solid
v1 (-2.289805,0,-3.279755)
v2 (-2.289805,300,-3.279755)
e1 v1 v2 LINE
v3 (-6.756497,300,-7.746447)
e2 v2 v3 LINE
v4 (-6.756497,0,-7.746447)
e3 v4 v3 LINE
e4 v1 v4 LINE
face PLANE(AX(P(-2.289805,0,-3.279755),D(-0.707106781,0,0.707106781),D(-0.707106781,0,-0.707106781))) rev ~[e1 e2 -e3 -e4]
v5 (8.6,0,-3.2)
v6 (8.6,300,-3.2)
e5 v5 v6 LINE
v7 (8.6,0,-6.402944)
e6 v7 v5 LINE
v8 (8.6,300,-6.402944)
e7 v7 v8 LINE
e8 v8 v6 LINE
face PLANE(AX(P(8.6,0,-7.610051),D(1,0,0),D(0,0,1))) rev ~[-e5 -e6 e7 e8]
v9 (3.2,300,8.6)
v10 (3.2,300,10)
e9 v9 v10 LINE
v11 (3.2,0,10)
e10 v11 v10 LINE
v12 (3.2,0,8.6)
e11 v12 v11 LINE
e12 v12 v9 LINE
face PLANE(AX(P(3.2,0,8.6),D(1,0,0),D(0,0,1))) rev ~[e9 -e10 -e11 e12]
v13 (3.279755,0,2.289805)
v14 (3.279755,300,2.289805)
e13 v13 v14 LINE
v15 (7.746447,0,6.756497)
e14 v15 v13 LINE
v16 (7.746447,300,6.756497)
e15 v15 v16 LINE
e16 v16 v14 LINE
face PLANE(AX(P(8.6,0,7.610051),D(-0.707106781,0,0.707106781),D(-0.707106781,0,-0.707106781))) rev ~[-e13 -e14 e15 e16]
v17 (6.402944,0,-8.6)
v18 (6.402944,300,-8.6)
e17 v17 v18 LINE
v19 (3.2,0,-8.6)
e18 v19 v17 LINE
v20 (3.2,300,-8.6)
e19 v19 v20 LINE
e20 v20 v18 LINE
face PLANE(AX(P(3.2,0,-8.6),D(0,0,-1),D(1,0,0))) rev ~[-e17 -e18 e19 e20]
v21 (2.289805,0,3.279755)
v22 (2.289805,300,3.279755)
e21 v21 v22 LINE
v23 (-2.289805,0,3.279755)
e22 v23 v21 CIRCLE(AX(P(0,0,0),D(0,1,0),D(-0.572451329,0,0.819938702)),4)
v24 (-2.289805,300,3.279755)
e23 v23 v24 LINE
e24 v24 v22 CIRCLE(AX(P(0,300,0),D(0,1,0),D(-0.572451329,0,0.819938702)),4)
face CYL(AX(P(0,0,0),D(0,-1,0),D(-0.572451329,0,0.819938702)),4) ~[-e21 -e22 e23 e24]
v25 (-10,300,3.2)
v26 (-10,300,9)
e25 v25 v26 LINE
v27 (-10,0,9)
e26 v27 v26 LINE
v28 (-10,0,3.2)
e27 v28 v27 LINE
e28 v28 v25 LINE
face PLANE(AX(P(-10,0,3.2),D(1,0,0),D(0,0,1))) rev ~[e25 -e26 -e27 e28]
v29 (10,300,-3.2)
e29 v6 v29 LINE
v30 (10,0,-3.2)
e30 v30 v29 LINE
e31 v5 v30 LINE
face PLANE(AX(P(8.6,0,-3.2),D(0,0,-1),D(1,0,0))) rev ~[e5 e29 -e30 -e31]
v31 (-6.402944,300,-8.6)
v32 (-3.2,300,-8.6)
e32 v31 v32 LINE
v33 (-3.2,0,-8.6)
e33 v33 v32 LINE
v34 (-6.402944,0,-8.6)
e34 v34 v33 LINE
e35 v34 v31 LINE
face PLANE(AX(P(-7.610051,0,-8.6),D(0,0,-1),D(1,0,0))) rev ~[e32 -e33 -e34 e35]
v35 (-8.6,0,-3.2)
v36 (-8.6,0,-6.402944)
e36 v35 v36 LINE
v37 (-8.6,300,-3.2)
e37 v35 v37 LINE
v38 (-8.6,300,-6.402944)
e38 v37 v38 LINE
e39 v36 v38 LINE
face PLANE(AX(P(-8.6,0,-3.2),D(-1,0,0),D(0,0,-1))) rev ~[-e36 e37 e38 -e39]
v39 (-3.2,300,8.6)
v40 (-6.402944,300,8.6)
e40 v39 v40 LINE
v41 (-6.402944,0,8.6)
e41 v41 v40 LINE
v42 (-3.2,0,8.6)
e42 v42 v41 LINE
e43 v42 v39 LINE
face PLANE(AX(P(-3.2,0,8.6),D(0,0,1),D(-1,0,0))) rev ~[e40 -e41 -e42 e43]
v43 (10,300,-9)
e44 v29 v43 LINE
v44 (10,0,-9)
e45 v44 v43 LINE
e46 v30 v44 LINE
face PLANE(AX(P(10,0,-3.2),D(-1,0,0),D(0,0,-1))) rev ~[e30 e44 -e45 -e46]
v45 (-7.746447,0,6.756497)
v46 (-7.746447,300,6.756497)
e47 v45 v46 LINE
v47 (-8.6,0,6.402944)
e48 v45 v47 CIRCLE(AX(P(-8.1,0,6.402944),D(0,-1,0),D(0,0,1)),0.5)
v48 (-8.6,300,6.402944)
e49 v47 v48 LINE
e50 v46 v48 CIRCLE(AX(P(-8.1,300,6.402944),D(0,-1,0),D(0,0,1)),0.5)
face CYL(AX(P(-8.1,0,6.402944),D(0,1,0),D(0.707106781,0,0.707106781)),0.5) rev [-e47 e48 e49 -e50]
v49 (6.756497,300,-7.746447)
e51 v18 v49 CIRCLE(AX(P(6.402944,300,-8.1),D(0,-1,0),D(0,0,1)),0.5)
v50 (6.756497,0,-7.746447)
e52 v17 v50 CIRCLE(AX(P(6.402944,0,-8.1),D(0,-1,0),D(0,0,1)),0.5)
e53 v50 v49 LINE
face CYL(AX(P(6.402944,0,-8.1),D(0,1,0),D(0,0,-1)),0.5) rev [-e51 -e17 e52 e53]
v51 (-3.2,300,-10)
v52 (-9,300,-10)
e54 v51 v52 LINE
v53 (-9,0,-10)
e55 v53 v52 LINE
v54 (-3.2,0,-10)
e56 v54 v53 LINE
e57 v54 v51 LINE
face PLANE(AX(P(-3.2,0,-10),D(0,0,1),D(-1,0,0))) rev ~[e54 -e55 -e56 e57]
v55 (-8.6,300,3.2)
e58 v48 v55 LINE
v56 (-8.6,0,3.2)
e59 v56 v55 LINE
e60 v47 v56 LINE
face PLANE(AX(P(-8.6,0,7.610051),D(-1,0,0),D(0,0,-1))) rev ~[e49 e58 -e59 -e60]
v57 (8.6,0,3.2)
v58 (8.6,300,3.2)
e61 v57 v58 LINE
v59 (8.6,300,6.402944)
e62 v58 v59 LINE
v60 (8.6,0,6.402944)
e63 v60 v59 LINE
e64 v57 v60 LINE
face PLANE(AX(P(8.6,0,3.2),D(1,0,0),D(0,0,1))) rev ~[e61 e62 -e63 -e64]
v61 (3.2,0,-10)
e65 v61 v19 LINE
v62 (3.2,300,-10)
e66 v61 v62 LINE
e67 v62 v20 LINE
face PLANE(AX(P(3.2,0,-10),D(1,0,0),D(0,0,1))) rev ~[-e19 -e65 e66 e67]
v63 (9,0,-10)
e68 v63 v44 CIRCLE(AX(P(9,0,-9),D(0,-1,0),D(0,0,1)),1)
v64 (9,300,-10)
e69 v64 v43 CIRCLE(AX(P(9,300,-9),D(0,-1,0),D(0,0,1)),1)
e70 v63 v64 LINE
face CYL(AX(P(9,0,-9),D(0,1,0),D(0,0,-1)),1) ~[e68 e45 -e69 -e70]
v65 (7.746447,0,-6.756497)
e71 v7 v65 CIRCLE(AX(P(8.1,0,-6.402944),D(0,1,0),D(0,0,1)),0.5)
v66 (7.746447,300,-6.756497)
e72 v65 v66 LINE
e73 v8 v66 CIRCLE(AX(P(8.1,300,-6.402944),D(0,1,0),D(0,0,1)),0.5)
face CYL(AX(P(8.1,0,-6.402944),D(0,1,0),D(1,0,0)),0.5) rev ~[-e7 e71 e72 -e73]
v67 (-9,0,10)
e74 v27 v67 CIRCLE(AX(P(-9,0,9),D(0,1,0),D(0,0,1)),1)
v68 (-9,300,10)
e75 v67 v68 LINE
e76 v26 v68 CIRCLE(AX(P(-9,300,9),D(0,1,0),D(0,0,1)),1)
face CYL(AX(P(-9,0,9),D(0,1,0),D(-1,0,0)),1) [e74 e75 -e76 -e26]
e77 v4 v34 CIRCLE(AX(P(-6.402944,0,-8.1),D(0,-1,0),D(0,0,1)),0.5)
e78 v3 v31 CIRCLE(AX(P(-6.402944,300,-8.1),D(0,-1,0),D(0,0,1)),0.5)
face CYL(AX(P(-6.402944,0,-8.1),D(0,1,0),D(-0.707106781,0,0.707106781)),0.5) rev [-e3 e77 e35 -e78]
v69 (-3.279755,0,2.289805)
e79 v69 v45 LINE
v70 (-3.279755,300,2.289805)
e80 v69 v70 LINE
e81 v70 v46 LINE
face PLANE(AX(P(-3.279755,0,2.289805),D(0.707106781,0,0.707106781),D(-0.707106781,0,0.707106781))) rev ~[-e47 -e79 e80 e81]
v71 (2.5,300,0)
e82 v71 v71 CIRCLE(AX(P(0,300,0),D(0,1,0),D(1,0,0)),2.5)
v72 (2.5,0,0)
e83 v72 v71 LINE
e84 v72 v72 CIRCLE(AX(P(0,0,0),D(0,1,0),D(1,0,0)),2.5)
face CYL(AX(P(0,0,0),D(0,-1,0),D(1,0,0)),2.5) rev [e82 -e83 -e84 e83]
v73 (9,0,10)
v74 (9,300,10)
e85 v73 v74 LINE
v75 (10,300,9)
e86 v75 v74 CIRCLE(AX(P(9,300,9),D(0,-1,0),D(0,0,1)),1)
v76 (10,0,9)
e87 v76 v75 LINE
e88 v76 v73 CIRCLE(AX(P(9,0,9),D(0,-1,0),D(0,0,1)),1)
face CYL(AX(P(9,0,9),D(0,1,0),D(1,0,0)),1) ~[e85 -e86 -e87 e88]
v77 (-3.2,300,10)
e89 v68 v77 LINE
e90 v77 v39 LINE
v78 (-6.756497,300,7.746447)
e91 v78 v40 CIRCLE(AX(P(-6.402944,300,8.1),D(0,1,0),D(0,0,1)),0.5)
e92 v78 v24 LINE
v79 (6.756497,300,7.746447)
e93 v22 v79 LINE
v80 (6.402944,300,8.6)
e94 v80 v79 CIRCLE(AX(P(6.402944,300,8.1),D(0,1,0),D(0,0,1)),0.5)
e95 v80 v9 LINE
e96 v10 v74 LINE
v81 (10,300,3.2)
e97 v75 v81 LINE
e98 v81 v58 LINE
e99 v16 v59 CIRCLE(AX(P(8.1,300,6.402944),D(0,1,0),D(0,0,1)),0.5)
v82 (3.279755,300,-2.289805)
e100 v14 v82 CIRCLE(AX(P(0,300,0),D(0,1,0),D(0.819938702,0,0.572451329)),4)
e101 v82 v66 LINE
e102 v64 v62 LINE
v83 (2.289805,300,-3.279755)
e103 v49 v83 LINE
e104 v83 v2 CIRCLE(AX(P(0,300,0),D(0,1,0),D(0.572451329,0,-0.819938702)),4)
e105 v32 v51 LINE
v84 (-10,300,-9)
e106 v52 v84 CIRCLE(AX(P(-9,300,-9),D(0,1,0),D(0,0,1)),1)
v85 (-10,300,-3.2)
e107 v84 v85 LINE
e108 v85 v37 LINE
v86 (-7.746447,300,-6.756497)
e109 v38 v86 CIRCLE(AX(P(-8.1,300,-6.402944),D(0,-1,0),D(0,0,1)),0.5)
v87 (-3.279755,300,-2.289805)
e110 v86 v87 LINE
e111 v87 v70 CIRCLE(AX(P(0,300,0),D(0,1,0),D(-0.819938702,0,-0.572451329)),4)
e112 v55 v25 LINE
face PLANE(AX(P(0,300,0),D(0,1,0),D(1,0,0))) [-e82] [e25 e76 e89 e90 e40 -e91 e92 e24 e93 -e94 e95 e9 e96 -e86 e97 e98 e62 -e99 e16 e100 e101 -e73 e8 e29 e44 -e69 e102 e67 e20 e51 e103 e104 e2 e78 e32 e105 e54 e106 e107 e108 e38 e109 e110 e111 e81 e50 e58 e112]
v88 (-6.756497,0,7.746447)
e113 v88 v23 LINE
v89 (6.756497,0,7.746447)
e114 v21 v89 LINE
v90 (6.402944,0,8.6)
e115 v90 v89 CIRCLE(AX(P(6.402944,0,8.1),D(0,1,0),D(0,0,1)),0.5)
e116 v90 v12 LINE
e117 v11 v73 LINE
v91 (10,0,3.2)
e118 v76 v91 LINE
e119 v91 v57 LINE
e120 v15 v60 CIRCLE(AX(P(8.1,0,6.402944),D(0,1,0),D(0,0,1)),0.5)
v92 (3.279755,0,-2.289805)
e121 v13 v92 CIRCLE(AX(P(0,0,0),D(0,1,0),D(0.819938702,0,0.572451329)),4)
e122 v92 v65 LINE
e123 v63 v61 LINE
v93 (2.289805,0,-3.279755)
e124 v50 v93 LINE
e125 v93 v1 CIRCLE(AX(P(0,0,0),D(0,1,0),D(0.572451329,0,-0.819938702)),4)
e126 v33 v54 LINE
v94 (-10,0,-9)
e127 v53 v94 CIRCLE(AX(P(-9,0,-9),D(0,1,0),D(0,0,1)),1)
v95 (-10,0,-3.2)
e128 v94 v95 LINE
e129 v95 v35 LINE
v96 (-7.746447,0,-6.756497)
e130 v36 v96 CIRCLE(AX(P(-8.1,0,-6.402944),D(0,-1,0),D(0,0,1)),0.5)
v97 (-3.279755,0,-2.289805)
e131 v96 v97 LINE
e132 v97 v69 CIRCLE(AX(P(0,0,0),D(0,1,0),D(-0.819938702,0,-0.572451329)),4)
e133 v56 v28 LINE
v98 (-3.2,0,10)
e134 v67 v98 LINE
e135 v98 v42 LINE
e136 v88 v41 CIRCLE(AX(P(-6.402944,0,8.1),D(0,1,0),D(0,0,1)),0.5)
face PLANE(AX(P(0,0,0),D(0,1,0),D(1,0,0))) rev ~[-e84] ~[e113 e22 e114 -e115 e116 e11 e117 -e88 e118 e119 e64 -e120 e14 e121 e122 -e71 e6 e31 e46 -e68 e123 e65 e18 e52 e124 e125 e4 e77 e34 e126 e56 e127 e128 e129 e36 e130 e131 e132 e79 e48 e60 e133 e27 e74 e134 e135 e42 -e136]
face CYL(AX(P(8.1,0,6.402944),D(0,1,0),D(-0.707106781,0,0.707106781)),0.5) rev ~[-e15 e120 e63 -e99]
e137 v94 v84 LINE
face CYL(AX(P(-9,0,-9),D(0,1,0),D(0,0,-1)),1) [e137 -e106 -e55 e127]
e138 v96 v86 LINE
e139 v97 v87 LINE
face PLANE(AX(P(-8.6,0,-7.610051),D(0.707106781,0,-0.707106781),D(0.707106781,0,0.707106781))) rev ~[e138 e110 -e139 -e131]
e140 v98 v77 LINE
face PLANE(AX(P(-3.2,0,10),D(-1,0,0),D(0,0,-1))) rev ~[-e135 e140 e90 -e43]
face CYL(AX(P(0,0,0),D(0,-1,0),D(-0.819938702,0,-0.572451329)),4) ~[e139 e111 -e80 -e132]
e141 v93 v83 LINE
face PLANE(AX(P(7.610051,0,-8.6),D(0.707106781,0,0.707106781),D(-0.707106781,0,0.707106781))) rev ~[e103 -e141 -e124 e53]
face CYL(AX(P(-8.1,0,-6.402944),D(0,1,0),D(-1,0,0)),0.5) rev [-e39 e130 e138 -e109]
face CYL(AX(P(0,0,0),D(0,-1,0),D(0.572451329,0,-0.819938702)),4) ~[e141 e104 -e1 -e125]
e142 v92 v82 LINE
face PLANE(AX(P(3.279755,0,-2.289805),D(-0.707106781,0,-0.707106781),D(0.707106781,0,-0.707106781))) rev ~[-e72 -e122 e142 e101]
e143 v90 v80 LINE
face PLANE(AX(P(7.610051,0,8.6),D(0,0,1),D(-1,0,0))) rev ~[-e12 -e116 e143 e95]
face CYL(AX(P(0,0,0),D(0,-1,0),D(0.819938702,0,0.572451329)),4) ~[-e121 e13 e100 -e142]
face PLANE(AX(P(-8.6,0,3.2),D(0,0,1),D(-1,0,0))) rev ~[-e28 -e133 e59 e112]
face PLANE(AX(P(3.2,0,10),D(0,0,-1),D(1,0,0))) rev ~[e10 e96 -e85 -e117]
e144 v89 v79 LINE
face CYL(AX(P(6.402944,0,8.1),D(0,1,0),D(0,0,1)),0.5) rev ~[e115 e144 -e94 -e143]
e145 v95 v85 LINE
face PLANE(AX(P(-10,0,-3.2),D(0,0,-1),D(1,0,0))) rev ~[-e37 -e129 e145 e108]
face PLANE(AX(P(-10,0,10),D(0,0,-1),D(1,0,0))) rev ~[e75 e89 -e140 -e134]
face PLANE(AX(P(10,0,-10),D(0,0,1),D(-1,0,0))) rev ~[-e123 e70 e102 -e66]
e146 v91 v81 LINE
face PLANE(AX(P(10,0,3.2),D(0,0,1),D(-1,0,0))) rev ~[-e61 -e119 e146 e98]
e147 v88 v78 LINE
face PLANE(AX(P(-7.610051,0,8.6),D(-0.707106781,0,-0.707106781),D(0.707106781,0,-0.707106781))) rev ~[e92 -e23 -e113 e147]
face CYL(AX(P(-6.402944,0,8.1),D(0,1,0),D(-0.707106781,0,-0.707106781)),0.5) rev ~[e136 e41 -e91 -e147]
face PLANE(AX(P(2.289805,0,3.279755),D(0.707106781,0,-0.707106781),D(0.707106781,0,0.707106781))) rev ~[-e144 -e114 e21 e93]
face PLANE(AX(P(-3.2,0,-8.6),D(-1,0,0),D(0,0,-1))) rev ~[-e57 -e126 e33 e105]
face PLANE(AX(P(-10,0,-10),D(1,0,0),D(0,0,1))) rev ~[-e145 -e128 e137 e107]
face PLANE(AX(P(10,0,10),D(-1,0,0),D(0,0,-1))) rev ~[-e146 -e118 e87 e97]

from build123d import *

# Parameters (mm, degrees)
SKETCH1_R           = 2.5
BOSS_EXTRUDE1_DEPTH = 300
FILLET1_R           = 0.5
FILLET2_R           = 1


with BuildPart() as part:
    # Sketch1 → Boss-Extrude1 (new body)
    with BuildSketch(Plane(origin=(0, 0, 0), x_dir=(1, 0, 0), z_dir=(0, 1, 0))):
        with BuildLine():
            Line((3.2, 10), (3.2, 8.6))
            Line((3.2, 8.6), (7.610050506, 8.6))
            Line((7.610050506, 8.6), (2.289805316, 3.27975481))
            ThreePointArc((2.289805316, 3.27975481), (0, 4), (-2.289805316, 3.27975481))
            Line((-2.289805316, 3.27975481), (-7.610050506, 8.6))
            Line((-7.610050506, 8.6), (-3.2, 8.6))
            Line((-3.2, 8.6), (-3.2, 10))
            Line((-3.2, 10), (-10, 10))
            Line((-10, 10), (-10, 3.2))
            Line((-10, 3.2), (-8.6, 3.2))
            Line((-8.6, 3.2), (-8.6, 7.610050506))
            Line((-8.6, 7.610050506), (-3.27975481, 2.289805316))
            ThreePointArc((-3.27975481, 2.289805316), (-4, 0), (-3.27975481, -2.289805316))
            Line((-3.27975481, -2.289805316), (-8.6, -7.610050506))
            Line((-8.6, -7.610050506), (-8.6, -3.2))
            Line((-8.6, -3.2), (-10, -3.2))
            Line((-10, -3.2), (-10, -10))
            Line((-10, -10), (-3.2, -10))
            Line((-3.2, -10), (-3.2, -8.6))
            Line((-3.2, -8.6), (-7.610050506, -8.6))
            Line((-7.610050506, -8.6), (-2.289805316, -3.27975481))
            ThreePointArc((-2.289805316, -3.27975481), (0, -4), (2.289805316, -3.27975481))
            Line((2.289805316, -3.27975481), (7.610050506, -8.6))
            Line((7.610050506, -8.6), (3.2, -8.6))
            Line((3.2, -8.6), (3.2, -10))
            Line((3.2, -10), (10, -10))
            Line((10, -10), (10, -3.2))
            Line((10, -3.2), (8.6, -3.2))
            Line((8.6, -3.2), (8.6, -7.610050506))
            Line((8.6, -7.610050506), (3.27975481, -2.289805316))
            ThreePointArc((3.27975481, -2.289805316), (4, 0), (3.27975481, 2.289805316))
            Line((3.27975481, 2.289805316), (8.6, 7.610050506))
            Line((8.6, 7.610050506), (8.6, 3.2))
            Line((8.6, 3.2), (10, 3.2))
            Line((10, 3.2), (10, 10))
            Line((10, 10), (3.2, 10))
        make_face()
        Circle(SKETCH1_R, mode=Mode.SUBTRACT)
    extrude(amount=BOSS_EXTRUDE1_DEPTH)

    # Fillet1
    fillet1_edges = [part.edges().sort_by_distance(p)[0] for p in [
        (8.6, 150, -7.610050506),
        (8.6, 150, 7.610050506),
        (7.610050506, 150, 8.6),
        (-7.610050506, 150, 8.6),
        (-8.6, 150, 7.610050506),
        (-8.6, 150, -7.610050506),
        (-7.610050506, 150, -8.6),
        (7.610050506, 150, -8.6),
    ]]
    fillet(fillet1_edges, radius=FILLET1_R)

    # Fillet2
    fillet2_edges = [part.edges().sort_by_distance(p)[0] for p in [
        (10, 150, 10),
        (-10, 150, 10),
        (-10, 150, -10),
        (10, 150, -10),
    ]]
    fillet(fillet2_edges, radius=FILLET2_R)


solid = part.part
